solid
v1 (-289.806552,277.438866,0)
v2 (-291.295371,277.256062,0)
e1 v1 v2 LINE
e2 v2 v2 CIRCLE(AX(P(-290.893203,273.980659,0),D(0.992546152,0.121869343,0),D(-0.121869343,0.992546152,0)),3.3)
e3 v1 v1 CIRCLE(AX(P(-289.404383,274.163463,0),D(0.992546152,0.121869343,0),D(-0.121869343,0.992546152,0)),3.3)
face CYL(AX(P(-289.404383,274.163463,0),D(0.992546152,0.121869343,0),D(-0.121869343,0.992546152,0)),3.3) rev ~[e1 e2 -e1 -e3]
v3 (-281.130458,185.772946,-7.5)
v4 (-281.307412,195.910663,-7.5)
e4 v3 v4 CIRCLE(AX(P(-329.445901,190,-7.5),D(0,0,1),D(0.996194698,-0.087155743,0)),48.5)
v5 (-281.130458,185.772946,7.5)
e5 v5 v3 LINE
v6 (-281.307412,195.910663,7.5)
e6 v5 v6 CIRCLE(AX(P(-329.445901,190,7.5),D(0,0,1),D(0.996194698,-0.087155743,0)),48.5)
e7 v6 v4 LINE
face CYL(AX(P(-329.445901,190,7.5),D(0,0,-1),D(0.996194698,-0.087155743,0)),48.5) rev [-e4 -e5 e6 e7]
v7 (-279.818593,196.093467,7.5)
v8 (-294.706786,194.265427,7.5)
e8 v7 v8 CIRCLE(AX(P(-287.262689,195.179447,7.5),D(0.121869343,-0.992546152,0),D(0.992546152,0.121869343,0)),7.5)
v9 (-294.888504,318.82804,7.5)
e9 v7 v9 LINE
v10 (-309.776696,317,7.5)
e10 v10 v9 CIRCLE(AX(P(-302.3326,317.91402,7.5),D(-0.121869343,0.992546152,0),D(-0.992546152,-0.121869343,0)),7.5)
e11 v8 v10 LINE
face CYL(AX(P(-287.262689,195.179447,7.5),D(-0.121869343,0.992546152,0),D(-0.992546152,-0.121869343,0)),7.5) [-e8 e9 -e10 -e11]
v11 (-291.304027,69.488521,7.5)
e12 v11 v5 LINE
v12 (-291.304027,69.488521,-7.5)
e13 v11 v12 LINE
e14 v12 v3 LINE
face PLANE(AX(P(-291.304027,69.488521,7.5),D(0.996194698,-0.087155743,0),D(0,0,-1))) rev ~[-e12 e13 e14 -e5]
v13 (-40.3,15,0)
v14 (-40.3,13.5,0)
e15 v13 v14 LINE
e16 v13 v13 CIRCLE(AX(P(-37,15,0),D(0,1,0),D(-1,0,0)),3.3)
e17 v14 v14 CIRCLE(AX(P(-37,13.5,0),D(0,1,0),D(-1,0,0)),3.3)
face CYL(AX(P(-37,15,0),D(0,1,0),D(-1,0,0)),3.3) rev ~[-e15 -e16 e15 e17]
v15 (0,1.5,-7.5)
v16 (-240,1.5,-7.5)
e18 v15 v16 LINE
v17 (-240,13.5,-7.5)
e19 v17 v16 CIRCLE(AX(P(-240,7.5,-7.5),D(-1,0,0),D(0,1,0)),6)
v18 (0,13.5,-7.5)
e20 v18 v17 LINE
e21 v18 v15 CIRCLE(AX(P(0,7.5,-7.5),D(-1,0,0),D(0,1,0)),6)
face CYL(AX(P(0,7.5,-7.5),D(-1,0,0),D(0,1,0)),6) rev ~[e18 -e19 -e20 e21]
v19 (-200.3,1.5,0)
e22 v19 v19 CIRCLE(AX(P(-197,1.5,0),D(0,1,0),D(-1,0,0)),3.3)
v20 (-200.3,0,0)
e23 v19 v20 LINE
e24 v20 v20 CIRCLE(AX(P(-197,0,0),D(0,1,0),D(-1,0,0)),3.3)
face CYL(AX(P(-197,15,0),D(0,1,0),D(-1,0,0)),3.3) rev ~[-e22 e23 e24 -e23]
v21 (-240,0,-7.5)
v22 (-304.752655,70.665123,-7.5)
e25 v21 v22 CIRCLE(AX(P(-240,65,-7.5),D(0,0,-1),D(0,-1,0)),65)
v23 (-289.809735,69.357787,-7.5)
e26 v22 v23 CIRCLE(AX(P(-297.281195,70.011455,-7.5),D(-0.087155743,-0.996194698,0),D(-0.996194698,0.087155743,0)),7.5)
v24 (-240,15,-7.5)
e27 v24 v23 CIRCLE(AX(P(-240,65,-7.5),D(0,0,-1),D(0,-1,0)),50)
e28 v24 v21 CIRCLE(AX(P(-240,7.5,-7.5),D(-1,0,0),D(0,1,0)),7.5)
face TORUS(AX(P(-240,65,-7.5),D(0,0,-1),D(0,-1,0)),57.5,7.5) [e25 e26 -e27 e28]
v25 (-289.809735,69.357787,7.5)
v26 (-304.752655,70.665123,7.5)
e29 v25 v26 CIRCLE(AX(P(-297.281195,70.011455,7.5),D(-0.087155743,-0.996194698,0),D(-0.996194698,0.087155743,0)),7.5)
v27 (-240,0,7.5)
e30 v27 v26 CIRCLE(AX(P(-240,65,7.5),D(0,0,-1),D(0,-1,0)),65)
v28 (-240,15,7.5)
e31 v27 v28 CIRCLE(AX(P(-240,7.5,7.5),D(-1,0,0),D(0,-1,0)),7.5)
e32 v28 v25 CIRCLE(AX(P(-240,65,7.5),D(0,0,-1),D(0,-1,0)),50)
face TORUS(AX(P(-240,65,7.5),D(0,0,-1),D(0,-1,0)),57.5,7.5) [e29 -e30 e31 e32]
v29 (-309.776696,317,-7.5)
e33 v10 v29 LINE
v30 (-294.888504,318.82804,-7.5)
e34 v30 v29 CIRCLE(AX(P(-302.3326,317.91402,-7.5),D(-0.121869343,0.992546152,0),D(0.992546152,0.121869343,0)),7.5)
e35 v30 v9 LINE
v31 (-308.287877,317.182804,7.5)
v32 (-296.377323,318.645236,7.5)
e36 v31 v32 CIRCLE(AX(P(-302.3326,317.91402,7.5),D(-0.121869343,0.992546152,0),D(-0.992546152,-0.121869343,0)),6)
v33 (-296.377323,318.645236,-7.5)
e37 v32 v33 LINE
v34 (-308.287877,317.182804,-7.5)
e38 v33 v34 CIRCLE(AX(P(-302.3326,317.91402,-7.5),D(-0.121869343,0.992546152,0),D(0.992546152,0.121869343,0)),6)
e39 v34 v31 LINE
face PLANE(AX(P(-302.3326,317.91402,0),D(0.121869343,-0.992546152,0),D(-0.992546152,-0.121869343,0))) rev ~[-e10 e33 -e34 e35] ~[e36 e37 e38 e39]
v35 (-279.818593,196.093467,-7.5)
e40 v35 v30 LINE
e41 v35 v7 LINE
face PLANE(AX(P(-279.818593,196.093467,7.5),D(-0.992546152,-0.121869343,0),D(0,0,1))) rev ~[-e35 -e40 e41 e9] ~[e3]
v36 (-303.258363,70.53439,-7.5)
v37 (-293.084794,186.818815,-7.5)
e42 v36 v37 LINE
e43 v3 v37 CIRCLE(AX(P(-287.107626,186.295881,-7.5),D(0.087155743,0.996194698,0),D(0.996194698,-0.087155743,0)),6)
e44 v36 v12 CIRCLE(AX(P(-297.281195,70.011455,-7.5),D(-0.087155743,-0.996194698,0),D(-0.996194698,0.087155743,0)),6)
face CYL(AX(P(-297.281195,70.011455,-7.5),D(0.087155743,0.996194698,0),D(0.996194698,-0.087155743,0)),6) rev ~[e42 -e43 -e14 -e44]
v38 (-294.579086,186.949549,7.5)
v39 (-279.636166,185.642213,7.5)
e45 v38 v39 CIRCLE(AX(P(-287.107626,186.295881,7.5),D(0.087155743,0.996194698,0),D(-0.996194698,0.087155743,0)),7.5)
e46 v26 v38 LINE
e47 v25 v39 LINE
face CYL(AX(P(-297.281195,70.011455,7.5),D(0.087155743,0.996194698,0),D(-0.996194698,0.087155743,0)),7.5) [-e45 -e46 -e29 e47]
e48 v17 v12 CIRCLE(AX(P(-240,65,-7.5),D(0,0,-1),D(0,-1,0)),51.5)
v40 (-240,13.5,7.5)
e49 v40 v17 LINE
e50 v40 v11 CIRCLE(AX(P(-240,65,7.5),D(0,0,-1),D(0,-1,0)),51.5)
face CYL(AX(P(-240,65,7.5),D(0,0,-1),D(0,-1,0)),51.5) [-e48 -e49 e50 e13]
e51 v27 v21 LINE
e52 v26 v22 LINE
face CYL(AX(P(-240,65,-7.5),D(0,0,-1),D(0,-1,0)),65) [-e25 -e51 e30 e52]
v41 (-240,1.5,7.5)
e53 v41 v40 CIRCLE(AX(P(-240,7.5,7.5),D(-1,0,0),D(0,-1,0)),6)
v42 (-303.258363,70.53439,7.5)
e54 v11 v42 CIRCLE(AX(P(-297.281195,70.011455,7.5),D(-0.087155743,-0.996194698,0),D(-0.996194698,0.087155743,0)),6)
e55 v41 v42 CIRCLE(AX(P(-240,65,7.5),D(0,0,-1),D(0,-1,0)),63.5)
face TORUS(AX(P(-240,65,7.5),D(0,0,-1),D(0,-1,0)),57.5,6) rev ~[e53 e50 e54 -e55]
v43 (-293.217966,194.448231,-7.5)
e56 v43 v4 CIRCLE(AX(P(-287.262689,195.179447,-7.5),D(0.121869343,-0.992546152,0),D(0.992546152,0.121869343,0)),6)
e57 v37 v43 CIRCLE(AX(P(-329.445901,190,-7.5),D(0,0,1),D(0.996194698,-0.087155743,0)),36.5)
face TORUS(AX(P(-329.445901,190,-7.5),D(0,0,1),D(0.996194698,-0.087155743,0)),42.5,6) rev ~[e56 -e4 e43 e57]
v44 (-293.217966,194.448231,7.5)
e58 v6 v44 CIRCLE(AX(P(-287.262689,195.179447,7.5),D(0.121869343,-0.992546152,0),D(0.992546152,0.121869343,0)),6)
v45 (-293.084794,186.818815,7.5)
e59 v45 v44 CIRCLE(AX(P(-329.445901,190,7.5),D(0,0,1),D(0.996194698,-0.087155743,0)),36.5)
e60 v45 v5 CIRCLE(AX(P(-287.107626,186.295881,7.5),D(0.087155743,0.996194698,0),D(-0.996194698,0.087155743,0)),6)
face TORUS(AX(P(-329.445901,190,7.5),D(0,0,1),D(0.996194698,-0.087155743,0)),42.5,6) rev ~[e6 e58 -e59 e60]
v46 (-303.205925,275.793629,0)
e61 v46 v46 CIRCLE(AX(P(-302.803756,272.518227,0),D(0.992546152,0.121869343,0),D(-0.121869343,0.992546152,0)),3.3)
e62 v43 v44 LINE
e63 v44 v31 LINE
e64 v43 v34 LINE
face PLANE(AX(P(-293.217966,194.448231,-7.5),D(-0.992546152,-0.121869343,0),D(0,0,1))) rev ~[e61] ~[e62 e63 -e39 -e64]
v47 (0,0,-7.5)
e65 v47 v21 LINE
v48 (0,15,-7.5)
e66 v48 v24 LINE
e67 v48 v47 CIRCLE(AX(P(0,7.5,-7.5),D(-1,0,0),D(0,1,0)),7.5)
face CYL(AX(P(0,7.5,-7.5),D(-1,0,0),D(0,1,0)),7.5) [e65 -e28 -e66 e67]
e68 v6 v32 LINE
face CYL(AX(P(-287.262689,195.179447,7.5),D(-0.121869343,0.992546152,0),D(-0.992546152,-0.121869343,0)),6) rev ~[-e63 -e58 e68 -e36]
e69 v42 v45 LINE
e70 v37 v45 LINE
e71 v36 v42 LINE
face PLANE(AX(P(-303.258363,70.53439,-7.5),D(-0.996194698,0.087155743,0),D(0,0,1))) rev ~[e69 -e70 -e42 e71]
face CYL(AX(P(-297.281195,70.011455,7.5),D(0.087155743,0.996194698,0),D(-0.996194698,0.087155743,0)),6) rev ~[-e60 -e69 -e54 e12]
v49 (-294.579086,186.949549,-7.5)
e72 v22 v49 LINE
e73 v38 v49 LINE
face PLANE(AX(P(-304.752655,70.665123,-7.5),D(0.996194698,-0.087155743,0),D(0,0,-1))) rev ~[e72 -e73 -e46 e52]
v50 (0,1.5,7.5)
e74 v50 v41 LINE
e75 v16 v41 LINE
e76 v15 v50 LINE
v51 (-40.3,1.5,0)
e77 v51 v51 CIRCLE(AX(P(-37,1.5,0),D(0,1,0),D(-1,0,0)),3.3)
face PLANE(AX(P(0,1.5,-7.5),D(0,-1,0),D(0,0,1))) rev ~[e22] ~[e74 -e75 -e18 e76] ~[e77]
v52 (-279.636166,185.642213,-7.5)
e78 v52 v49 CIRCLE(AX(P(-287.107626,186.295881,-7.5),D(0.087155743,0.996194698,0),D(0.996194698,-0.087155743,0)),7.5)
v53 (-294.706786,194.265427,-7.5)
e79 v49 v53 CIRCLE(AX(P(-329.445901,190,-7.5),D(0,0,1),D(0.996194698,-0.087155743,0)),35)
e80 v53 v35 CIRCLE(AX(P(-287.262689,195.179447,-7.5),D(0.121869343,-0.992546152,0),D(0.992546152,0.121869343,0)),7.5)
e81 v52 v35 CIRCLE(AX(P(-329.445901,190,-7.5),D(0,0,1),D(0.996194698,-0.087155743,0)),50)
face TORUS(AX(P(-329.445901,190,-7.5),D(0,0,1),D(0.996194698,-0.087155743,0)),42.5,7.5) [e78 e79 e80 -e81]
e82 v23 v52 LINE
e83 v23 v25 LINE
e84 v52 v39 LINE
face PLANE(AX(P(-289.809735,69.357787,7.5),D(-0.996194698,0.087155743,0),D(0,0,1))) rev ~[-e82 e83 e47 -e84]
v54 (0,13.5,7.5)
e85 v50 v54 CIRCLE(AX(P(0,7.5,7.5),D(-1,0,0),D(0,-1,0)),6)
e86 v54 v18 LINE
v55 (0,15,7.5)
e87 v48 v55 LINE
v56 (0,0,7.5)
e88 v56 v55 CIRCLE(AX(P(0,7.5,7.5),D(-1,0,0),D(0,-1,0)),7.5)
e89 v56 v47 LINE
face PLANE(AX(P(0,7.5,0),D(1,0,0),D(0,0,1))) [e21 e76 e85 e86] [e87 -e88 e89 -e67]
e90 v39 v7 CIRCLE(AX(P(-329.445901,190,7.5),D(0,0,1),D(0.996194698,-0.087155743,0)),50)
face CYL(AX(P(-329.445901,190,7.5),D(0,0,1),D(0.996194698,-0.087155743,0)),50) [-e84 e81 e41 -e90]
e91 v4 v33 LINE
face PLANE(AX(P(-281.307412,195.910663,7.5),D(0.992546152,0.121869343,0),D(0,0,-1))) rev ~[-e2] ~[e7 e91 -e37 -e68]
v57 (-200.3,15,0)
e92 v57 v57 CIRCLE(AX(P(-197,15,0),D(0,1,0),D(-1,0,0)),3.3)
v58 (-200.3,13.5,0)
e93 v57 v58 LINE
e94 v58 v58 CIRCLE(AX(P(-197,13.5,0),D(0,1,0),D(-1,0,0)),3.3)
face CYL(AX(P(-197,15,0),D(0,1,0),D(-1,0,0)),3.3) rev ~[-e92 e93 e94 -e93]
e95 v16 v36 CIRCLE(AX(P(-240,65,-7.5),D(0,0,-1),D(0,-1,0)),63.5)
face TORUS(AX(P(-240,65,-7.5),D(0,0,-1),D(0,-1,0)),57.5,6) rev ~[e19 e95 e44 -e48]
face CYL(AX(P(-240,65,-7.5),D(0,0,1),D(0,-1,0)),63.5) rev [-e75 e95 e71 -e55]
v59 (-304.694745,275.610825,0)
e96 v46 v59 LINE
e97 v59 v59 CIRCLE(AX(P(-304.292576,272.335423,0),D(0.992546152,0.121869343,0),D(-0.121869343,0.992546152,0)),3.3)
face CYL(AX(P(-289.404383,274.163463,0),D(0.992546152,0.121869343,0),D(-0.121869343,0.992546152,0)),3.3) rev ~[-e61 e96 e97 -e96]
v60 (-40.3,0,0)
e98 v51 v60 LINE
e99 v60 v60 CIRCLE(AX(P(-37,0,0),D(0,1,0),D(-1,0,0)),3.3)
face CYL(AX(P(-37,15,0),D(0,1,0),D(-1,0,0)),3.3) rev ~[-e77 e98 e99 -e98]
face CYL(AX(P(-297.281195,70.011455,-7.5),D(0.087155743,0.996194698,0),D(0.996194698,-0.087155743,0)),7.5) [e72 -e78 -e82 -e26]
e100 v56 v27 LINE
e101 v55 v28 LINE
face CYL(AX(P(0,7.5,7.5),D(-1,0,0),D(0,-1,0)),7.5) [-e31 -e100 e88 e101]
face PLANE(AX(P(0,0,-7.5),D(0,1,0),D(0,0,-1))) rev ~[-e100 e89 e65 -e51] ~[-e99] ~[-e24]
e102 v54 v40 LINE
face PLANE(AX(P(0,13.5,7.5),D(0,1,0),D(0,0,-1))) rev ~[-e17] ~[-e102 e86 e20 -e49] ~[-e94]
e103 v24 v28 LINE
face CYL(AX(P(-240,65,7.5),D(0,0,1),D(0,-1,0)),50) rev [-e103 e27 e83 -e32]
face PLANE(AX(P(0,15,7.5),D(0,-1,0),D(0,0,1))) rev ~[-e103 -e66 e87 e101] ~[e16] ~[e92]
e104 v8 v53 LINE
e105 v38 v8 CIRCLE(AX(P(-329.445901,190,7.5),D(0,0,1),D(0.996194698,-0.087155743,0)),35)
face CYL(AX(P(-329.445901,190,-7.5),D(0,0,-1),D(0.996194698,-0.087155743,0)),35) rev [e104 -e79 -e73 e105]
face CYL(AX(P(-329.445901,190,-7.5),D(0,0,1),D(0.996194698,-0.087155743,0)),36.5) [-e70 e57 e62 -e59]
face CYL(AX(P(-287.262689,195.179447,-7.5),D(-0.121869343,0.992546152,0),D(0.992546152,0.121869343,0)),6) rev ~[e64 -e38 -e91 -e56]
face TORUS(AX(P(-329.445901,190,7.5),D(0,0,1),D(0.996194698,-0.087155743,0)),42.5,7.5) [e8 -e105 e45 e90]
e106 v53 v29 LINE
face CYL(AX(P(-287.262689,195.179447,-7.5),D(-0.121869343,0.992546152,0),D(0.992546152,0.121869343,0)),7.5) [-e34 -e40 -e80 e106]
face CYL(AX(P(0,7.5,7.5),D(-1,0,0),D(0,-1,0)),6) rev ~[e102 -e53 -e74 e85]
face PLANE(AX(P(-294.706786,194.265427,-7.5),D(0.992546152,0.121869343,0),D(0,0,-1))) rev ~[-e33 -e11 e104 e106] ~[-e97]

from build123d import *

# Parameters (mm, degrees)
SKETCH_3_R          = 3.3
CUT_EXTRUDE_1_DEPTH = 435.163655166
SKETCH_4_R          = 3.3
CUT_EXTRUDE_2_DEPTH = 432.316912752


with BuildPart() as part:
    # По траектории1: sweep along a path in Эскиз1
    with BuildLine(Plane.XY) as sweep_1_path:
        Line((0, 0), (-240, 0))
        ThreePointArc((-240, 0), (-287.923026893, 21.086636505), (-304.752655376, 70.665123279))
        Line((-304.752655376, 70.665123279), (-294.57908638, 186.949549004))
        ThreePointArc((-294.57908638, 186.949549004), (-294.451231483, 190.610834225), (-294.706785506, 194.265427019))
        Line((-294.706785506, 194.265427019), (-309.776696157, 317))
    # Эскиз2 → По траектории1 (sweep)
    with BuildSketch(Plane(origin=(0, 0, 0), x_dir=(0, 0, -1), z_dir=(1, 0, 0))):
        with BuildLine():
            Line((-7.5, 15), (7.5, 15))
            ThreePointArc((7.5, 15), (15, 7.5), (7.5, 0))
            Line((7.5, 0), (-7.5, 0))
            ThreePointArc((-7.5, 0), (-15, 7.5), (-7.5, 15))
        make_face()
        with BuildLine():
            Line((-7.5, 13.5), (7.5, 13.5))
            ThreePointArc((7.5, 13.5), (13.5, 7.5), (7.5, 1.5))
            Line((7.5, 1.5), (-7.5, 1.5))
            ThreePointArc((-7.5, 1.5), (-13.5, 7.5), (-7.5, 13.5))
        make_face(mode=Mode.SUBTRACT)
    sweep(path=sweep_1_path.line)

    # Эскиз3 → Вырез-Вытянуть1 (cut, through all)
    with BuildSketch(Plane(origin=(0, 15, 0), x_dir=(1, 0, 0), z_dir=(0, 1, 0))):
        with Locations(Location((-197, 0, 0), (0, 0, 180))):
            Circle(SKETCH_3_R)
        with Locations(Location((-37, 0, 0), (0, 0, 180))):
            Circle(SKETCH_3_R)
    extrude(amount=-CUT_EXTRUDE_1_DEPTH, mode=Mode.SUBTRACT)

    # Эскиз4 → Вырез-Вытянуть2 (cut, through all)
    with BuildSketch(Plane(origin=(-251.943037542, -30.934715237, 0), x_dir=(0, 0, -1), z_dir=(0.9925461516413225, 0.12186934340514467, 0))):
        with Locations(Location((0, 307.389412633, 0), (0, 0, 90))):
            Circle(SKETCH_4_R)
    extrude(amount=-CUT_EXTRUDE_2_DEPTH, mode=Mode.SUBTRACT)


solid = part.part
